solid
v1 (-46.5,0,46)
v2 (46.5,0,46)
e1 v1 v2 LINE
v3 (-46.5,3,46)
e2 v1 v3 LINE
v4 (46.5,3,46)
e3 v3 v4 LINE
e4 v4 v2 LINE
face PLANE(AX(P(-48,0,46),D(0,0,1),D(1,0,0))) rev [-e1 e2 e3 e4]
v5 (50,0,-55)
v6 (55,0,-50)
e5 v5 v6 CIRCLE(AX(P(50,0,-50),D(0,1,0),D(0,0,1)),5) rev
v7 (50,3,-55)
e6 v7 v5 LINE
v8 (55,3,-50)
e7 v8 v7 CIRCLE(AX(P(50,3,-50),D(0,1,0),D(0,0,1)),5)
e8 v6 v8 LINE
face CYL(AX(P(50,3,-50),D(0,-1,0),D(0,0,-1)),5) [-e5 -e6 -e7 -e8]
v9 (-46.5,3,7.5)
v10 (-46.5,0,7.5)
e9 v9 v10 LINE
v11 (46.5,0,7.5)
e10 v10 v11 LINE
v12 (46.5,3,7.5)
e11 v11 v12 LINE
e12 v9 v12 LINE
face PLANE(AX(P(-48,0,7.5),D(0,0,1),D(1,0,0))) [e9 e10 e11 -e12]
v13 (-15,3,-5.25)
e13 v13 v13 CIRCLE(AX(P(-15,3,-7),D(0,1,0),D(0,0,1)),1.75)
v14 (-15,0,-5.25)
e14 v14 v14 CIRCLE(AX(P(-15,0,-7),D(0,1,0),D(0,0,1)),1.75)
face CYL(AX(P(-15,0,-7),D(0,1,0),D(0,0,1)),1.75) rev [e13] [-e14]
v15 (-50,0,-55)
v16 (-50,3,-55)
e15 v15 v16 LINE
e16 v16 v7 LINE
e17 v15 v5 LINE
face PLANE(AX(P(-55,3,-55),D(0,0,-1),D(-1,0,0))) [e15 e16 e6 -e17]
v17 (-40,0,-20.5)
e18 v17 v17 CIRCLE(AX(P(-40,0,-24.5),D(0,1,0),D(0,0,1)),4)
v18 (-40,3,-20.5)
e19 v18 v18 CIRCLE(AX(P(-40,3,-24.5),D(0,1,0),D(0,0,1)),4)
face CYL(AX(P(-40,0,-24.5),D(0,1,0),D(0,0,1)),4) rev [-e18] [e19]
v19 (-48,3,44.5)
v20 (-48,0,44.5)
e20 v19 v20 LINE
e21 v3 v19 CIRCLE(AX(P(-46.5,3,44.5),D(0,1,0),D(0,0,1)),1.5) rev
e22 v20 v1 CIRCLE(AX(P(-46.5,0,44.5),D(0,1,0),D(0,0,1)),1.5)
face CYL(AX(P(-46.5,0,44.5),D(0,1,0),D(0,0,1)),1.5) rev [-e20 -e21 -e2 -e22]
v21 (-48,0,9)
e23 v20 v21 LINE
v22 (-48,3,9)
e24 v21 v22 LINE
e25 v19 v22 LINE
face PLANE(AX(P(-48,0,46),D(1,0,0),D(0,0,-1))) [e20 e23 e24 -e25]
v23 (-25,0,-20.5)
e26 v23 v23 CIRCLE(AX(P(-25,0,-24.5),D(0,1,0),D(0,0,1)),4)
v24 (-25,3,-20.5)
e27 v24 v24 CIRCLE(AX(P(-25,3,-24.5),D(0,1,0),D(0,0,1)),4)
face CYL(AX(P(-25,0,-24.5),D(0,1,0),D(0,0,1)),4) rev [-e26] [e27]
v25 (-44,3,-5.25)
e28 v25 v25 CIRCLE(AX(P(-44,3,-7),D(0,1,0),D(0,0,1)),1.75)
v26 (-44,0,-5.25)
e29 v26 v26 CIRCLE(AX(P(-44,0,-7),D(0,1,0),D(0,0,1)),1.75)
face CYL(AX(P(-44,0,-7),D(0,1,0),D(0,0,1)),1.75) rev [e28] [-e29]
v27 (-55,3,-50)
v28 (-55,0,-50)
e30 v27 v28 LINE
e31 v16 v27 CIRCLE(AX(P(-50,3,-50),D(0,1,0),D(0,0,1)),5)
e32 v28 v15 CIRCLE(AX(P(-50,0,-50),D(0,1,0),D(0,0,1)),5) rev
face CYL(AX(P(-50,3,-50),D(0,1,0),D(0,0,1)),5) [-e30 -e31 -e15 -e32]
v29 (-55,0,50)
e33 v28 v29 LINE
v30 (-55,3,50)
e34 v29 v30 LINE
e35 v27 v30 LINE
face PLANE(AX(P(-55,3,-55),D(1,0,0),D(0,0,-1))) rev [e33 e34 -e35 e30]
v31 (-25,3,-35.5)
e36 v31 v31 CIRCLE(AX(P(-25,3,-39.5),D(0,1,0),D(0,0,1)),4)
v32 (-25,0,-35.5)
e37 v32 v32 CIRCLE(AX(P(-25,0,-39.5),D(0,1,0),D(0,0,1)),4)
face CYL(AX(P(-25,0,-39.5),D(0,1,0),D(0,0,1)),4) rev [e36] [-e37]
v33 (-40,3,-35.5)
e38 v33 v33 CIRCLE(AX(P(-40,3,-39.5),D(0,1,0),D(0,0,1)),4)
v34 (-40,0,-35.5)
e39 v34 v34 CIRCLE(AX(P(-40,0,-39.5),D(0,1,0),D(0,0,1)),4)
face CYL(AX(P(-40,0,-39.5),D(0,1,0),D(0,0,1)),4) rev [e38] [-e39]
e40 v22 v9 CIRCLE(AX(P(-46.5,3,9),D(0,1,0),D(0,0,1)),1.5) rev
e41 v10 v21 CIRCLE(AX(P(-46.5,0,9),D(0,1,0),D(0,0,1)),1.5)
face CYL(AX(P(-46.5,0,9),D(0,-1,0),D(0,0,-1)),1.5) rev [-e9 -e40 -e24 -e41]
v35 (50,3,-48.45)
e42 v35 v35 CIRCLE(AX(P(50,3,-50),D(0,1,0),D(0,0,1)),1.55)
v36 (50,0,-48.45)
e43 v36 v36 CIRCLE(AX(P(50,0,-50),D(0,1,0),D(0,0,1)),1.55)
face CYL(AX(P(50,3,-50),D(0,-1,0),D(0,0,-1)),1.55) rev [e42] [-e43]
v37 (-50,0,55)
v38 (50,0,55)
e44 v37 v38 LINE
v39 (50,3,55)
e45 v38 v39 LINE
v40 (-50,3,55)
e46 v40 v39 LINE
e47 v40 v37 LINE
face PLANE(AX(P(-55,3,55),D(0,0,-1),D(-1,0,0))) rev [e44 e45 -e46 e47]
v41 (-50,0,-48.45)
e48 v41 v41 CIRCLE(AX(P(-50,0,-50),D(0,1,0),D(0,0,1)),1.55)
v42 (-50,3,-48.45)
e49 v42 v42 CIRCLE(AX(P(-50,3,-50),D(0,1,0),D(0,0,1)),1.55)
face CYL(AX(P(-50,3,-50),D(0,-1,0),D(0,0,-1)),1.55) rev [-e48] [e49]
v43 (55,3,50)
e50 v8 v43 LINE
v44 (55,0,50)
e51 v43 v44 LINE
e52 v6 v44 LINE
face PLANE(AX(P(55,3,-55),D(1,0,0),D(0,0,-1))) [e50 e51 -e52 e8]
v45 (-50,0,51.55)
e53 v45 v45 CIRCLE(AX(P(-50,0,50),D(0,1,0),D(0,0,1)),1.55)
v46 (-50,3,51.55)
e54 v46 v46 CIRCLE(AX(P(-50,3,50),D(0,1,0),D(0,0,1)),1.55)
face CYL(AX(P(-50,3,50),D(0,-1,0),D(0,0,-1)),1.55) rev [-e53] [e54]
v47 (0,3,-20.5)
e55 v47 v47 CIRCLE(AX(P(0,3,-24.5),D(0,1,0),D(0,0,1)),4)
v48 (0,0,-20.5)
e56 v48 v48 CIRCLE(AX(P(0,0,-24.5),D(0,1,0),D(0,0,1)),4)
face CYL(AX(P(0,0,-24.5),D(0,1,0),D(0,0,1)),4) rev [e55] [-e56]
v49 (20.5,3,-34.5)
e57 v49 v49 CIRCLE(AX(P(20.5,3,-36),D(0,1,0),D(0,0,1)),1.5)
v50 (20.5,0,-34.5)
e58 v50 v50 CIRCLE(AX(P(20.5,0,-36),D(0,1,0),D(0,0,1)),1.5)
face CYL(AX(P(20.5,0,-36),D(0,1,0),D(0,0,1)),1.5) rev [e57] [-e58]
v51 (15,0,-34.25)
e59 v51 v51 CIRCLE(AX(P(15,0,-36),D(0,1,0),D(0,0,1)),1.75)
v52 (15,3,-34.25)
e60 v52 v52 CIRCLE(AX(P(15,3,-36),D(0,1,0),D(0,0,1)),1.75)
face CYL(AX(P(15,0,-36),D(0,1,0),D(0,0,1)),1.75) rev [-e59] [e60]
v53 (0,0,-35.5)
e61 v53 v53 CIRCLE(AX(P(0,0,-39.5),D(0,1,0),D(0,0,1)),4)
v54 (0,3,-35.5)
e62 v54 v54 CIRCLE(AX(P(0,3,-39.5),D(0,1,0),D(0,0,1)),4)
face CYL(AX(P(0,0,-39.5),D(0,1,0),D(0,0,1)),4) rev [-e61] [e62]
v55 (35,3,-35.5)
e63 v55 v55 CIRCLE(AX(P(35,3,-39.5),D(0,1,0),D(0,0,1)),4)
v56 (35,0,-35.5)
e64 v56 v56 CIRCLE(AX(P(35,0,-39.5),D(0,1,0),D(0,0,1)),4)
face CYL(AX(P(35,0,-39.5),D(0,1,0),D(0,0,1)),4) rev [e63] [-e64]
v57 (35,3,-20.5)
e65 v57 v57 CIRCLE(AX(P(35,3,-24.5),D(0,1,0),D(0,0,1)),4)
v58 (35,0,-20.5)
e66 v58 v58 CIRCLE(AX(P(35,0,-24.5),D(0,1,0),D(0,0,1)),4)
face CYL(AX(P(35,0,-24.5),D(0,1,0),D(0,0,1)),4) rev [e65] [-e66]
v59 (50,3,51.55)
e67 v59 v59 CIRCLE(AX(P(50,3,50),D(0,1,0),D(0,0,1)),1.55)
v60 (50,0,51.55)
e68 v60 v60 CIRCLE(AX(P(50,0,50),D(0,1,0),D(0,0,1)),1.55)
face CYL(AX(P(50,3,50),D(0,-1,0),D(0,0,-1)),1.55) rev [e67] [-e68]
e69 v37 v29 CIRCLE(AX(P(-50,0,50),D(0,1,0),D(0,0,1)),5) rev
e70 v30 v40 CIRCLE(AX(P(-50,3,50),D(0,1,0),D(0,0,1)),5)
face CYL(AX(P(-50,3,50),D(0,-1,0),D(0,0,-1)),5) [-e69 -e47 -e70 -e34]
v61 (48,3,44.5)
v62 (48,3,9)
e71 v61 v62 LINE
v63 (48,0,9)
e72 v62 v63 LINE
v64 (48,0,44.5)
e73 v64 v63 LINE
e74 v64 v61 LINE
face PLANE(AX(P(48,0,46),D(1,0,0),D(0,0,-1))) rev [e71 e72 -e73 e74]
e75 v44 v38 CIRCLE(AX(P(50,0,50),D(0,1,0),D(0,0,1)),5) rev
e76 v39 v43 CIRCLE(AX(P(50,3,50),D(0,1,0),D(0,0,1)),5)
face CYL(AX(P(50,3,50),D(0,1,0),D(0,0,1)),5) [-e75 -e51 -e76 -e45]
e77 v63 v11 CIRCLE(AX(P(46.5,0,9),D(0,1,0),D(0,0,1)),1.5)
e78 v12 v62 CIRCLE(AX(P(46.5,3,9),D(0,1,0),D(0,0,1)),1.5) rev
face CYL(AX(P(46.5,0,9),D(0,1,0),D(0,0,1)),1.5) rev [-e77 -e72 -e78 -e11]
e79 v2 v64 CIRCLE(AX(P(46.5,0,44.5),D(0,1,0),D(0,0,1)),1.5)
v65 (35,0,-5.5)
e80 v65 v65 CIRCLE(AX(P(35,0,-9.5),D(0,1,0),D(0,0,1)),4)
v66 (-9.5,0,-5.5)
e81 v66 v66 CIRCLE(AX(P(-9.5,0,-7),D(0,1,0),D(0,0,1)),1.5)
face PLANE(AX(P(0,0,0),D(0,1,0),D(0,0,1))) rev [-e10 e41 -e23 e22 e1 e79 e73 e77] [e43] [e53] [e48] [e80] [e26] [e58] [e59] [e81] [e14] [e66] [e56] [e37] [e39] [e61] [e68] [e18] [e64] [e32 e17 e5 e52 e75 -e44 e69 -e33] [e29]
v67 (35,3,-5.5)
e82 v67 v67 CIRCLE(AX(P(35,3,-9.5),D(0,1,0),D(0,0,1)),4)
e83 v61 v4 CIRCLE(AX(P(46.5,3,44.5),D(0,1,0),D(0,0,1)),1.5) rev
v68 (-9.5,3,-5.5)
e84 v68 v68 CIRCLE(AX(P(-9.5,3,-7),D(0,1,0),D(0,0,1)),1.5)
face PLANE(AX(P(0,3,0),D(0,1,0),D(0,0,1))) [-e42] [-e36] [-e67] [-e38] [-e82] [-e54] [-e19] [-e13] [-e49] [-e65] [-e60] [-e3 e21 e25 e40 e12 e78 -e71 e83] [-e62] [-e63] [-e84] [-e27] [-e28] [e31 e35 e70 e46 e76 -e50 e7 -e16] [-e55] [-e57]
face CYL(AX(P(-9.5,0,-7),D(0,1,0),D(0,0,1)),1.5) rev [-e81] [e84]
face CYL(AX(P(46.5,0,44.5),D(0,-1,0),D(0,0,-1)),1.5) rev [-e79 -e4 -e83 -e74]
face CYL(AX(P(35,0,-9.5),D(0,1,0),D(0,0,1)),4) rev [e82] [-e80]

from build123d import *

# Parameters (mm, degrees)
SKETCH1_W           = 110
SKETCH1_H           = 110
SKETCH1_R           = 1.55
BOSS_EXTRUDE1_DEPTH = 3
FILLET1_R           = 5
SKETCH2_W           = 96
SKETCH2_H           = 38.5
CUT_EXTRUDE1_DEPTH  = 4
FILLET2_R           = 1.5
SKETCH3_R           = 4
CUT_EXTRUDE2_DEPTH  = 4
SKETCH4_R           = 1.75
SKETCH4_R_2         = 1.5
CUT_EXTRUDE3_DEPTH  = 4


with BuildPart() as part:
    # Sketch1 → Boss-Extrude1 (new body)
    with BuildSketch(Plane(origin=(0, 0, 0), x_dir=(1, 0, 0), z_dir=(0, 1, 0))):
        Rectangle(SKETCH1_W, SKETCH1_H)
        with Locations((-50, 50)):
            Circle(SKETCH1_R, mode=Mode.SUBTRACT)
        with Locations((50, 50)):
            Circle(SKETCH1_R, mode=Mode.SUBTRACT)
        with Locations((50, -50)):
            Circle(SKETCH1_R, mode=Mode.SUBTRACT)
        with Locations((-50, -50)):
            Circle(SKETCH1_R, mode=Mode.SUBTRACT)
    extrude(amount=BOSS_EXTRUDE1_DEPTH)

    # Fillet1
    fillet1_edges = [part.edges().sort_by_distance(p)[0] for p in [
        (-55, 1.5, -55),
        (55, 1.5, -55),
        (55, 1.5, 55),
        (-55, 1.5, 55),
    ]]
    fillet(fillet1_edges, radius=FILLET1_R)

    # Sketch2 → Cut-Extrude1 (cut, through all)
    with BuildSketch(Plane(origin=(0, 3, 0), x_dir=(1, 0, 0), z_dir=(0, 1, 0))):
        with Locations((0, -26.75)):
            Rectangle(SKETCH2_W, SKETCH2_H)
    extrude(amount=-CUT_EXTRUDE1_DEPTH, mode=Mode.SUBTRACT)

    # Fillet2
    fillet2_edges = [part.edges().sort_by_distance(p)[0] for p in [
        (-48, 1.5, 46),
        (-48, 1.5, 7.5),
        (48, 1.5, 7.5),
        (48, 1.5, 46),
    ]]
    fillet(fillet2_edges, radius=FILLET2_R)

    # Sketch3 → Cut-Extrude2 (cut, through all)
    with BuildSketch(Plane(origin=(0, 3, 0), x_dir=(1, 0, 0), z_dir=(0, 1, 0))):
        with Locations((-40, 39.5)):
            Circle(SKETCH3_R)
        with Locations((-40, 24.5)):
            Circle(SKETCH3_R)
        with Locations((-25, 39.5)):
            Circle(SKETCH3_R)
        with Locations((-25, 24.5)):
            Circle(SKETCH3_R)
        with Locations((0, 39.5)):
            Circle(SKETCH3_R)
        with Locations((0, 24.5)):
            Circle(SKETCH3_R)
        with Locations((35, 39.5)):
            Circle(SKETCH3_R)
        with Locations((35, 24.5)):
            Circle(SKETCH3_R)
        with Locations((35, 9.5)):
            Circle(SKETCH3_R)
    extrude(amount=-CUT_EXTRUDE2_DEPTH, mode=Mode.SUBTRACT)

    # Sketch4 → Cut-Extrude3 (cut, through all)
    with BuildSketch(Plane(origin=(0, 3, 0), x_dir=(1, 0, 0), z_dir=(0, 1, 0))):
        with Locations((-44, 7)):
            Circle(SKETCH4_R)
        with Locations((-15, 7)):
            Circle(SKETCH4_R)
        with Locations((-9.5, 7)):
            Circle(SKETCH4_R_2)
        with Locations((15, 36)):
            Circle(SKETCH4_R)
        with Locations((20.5, 36)):
            Circle(SKETCH4_R_2)
    extrude(amount=-CUT_EXTRUDE3_DEPTH, mode=Mode.SUBTRACT)


solid = part.part
